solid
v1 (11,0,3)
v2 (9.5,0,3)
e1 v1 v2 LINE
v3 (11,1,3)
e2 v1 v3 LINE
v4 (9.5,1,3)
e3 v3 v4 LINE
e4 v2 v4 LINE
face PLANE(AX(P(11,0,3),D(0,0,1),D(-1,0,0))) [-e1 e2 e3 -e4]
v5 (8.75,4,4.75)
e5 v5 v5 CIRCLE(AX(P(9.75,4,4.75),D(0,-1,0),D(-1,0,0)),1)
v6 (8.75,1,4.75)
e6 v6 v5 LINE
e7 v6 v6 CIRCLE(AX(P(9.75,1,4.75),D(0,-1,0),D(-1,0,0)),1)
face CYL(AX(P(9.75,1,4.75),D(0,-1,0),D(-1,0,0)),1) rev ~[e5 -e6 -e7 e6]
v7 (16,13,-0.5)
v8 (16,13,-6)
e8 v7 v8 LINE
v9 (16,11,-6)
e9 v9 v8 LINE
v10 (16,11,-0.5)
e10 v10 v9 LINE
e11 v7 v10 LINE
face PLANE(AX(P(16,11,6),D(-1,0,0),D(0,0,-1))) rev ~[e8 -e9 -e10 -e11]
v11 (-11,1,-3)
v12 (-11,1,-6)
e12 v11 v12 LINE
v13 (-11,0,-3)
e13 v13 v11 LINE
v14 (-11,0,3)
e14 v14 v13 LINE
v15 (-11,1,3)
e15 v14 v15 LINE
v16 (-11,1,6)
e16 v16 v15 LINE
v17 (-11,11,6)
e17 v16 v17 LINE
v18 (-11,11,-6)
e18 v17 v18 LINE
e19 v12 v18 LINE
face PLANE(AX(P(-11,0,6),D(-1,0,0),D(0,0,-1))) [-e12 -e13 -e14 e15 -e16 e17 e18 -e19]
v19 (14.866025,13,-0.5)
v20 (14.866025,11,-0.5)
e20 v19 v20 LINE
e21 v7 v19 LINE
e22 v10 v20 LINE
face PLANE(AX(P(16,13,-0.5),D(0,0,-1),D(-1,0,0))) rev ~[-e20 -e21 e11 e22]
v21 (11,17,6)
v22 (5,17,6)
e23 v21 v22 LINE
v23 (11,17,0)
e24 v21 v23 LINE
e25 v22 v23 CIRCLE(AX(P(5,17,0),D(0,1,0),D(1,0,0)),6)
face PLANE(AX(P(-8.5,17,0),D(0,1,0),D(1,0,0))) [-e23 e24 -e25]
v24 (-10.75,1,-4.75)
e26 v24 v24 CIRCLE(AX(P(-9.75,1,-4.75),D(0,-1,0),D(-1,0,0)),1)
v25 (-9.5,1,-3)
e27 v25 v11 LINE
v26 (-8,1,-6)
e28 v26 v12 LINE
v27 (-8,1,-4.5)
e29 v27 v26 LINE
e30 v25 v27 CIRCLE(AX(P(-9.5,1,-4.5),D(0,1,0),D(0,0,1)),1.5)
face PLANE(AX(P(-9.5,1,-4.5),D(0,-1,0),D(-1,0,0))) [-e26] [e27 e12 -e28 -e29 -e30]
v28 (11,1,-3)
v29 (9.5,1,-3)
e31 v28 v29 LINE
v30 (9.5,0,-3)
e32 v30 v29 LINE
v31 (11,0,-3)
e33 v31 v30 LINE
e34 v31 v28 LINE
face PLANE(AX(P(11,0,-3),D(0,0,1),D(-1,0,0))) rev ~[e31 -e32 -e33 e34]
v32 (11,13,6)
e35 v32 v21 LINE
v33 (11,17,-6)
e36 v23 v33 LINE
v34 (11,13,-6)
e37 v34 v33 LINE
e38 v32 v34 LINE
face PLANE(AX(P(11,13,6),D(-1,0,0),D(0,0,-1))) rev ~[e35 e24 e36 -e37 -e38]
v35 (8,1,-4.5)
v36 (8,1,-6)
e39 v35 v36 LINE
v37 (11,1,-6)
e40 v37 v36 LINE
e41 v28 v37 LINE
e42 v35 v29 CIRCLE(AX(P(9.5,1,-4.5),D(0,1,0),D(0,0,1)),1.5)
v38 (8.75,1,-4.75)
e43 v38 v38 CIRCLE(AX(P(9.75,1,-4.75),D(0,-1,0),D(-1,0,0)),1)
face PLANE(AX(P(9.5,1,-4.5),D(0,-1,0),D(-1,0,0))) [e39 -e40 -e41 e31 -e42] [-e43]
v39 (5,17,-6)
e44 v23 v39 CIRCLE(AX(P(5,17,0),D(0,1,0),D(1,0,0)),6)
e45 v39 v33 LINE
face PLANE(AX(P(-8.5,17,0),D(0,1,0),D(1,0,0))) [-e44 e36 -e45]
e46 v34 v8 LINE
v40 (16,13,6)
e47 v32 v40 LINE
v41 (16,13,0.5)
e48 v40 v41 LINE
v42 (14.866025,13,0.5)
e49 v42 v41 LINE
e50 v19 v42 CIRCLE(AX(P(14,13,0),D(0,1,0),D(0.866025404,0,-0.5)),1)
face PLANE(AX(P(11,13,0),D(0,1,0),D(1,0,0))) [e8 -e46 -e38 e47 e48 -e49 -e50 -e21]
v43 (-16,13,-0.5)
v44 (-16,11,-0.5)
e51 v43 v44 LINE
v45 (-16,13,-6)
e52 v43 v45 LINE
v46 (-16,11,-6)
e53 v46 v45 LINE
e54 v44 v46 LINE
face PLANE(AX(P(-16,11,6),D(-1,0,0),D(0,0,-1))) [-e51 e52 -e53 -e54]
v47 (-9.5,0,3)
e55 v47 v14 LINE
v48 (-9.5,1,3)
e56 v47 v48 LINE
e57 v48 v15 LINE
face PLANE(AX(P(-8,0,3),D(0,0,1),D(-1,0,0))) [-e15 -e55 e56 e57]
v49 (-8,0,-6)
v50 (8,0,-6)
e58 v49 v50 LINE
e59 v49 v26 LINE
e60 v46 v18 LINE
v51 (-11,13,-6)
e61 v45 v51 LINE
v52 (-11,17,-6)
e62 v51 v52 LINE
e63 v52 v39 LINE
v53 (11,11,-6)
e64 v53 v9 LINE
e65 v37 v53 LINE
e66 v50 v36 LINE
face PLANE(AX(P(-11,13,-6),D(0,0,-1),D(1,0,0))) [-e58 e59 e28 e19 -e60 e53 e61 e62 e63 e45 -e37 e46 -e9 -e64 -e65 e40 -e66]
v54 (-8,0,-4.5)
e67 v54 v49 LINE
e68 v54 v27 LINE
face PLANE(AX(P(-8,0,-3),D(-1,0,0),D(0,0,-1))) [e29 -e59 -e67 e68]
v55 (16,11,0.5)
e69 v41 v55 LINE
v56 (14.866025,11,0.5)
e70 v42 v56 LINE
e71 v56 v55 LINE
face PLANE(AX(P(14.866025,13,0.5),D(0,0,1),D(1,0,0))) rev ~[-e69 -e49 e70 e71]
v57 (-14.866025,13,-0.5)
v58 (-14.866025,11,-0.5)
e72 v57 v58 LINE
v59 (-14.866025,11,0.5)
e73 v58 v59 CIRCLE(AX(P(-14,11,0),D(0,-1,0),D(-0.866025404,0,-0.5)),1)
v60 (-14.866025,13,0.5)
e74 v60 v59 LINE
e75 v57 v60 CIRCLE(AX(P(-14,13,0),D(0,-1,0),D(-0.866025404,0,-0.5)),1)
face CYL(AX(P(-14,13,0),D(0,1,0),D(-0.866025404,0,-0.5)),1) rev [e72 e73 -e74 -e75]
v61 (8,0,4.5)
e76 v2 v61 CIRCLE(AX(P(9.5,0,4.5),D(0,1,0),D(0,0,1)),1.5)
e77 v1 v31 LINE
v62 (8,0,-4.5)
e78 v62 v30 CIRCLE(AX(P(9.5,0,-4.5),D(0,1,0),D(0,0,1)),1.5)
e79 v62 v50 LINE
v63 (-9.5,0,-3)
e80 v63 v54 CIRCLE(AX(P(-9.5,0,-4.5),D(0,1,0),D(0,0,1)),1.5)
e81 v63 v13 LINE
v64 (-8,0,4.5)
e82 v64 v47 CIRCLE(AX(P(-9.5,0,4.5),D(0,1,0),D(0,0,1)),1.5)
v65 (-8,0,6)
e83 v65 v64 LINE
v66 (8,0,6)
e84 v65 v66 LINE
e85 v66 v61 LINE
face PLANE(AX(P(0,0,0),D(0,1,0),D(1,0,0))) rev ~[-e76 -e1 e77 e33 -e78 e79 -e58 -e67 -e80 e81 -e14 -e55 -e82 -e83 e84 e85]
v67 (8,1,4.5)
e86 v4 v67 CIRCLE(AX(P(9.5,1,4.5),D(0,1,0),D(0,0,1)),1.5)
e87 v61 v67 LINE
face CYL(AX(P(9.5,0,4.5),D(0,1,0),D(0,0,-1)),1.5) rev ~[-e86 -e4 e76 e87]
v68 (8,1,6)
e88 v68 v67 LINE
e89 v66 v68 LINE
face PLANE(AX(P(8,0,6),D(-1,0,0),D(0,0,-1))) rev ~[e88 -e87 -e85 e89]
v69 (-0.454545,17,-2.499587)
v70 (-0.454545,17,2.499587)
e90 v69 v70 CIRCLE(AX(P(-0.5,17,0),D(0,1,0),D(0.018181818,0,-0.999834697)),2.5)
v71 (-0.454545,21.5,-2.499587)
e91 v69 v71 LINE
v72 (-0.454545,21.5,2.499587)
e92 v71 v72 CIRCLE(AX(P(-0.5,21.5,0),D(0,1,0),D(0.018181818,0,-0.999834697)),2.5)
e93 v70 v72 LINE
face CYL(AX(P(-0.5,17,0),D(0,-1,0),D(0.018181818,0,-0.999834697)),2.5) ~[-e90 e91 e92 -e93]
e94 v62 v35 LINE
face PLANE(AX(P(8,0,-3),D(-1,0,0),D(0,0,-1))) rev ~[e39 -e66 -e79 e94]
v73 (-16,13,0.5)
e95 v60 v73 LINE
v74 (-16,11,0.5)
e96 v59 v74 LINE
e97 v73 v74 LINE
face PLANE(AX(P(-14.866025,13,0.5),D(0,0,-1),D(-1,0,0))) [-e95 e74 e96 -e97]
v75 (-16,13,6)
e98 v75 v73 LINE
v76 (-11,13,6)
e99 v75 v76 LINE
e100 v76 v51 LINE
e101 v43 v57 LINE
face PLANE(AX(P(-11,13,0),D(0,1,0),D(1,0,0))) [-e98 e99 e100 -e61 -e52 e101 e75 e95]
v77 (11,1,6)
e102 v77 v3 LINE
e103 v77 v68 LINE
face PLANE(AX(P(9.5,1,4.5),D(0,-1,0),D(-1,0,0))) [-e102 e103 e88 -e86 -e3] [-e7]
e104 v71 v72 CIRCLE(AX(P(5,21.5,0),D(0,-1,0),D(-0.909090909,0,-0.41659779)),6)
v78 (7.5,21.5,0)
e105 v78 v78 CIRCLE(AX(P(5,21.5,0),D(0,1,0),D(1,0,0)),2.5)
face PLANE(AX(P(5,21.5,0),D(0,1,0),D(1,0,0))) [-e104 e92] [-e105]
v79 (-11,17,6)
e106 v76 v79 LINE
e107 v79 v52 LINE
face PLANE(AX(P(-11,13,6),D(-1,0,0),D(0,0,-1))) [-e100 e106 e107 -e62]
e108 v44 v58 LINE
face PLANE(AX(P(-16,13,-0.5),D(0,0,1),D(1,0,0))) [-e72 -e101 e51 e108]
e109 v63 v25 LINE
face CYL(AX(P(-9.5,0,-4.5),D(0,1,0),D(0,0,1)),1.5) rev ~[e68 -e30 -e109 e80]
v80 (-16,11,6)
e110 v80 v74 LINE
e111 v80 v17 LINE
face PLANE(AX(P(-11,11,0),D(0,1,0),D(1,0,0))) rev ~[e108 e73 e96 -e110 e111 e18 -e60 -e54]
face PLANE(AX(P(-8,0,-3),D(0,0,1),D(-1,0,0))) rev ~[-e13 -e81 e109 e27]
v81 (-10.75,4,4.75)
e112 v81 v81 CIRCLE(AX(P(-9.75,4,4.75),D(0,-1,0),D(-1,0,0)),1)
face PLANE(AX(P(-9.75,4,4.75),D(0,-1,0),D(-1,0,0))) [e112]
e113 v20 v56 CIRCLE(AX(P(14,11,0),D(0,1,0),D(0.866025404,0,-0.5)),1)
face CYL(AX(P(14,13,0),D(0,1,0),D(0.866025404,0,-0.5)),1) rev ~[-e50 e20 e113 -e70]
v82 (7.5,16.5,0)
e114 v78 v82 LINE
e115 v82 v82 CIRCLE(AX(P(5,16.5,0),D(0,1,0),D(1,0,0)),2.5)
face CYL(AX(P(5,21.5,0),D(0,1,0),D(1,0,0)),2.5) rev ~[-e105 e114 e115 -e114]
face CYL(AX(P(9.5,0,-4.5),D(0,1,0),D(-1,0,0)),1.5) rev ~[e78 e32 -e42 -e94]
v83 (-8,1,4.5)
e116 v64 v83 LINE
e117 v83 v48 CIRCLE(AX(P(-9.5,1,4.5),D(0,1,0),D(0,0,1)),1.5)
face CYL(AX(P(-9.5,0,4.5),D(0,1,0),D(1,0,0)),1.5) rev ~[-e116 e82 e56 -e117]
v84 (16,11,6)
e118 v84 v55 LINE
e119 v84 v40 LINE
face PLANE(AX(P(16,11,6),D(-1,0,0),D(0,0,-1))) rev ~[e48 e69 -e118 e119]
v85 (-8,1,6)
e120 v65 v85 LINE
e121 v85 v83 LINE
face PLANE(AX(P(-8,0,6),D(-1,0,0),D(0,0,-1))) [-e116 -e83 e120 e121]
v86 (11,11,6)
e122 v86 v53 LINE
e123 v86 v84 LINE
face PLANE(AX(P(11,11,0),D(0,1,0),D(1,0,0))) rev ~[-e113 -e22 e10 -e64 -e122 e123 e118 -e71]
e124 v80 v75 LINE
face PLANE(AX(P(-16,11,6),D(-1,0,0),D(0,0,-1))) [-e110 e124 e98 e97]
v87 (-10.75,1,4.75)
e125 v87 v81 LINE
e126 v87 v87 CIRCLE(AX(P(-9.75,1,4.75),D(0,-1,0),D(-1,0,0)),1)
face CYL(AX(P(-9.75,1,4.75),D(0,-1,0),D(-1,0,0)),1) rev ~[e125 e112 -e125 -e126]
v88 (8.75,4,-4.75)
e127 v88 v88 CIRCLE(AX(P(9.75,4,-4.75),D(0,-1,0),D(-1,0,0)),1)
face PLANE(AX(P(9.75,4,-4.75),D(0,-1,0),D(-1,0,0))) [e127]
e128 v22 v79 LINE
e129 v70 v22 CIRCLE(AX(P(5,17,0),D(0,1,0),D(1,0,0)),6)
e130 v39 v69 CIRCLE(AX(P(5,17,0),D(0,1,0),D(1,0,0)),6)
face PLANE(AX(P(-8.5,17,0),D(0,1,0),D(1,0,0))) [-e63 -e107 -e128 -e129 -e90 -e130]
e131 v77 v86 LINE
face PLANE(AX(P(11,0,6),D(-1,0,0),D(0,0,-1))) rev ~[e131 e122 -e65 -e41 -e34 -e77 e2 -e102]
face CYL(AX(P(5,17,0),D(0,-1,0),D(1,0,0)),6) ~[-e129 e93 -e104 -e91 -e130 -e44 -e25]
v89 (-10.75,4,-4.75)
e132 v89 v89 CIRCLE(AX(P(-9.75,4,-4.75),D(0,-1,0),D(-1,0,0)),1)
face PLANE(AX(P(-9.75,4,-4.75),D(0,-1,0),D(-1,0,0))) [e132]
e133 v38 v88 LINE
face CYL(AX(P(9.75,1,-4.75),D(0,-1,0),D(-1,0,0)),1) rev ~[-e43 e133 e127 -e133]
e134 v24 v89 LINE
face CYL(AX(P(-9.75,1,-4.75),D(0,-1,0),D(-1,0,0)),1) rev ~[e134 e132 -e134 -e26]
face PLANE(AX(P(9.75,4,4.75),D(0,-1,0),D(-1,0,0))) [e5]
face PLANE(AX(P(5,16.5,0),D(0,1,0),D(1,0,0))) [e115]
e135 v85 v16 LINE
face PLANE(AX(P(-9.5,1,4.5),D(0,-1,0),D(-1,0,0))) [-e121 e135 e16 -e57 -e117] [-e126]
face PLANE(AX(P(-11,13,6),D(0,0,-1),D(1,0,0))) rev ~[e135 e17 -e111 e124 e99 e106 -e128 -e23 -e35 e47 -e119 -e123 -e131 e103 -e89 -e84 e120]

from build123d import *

# Parameters (mm, degrees)
CROQUIS1_W              = 22
CROQUIS1_H              = 12
SALIENTE_EXTRUIR1_DEPTH = 11
CROQUIS3_W              = 10
CROQUIS3_H              = 12
SALIENTE_EXTRUIR2_DEPTH = 2
CROQUIS4_W              = 12
CROQUIS4_H              = 12
SALIENTE_EXTRUIR3_DEPTH = 6
CORTAR_EXTRUIR1_DEPTH   = 2
CROQUIS6_W              = 5
CROQUIS6_H              = 12
SALIENTE_EXTRUIR4_DEPTH = 4
CORTAR_EXTRUIR2_DEPTH   = 4
CROQUIS8_R              = 6
SALIENTE_EXTRUIR5_DEPTH = 4.5
SALIENTE_EXTRUIR6_DEPTH = 4.5
CROQUIS10_W             = 3
CROQUIS10_H             = 3
CORTAR_EXTRUIR3_DEPTH   = 1
REDONDEO1_R             = 1.5
CROQUIS11_W             = 3
CROQUIS11_H             = 3
CORTAR_EXTRUIR4_DEPTH   = 1
REDONDEO3_R             = 1.5
CROQUIS12_R             = 1
CORTAR_EXTRUIR5_DEPTH   = 3
CROQUIS13_R             = 2.5
CORTAR_EXTRUIR6_DEPTH   = 5


with BuildPart() as part:
    # Croquis1 → Saliente-Extruir1 (new body)
    with BuildSketch(Plane(origin=(0, 0, 0), x_dir=(1, 0, 0), z_dir=(0, 1, 0))):
        Rectangle(CROQUIS1_W, CROQUIS1_H)
    extrude(amount=SALIENTE_EXTRUIR1_DEPTH)

    # Croquis3 → Saliente-Extruir2 (add)
    with BuildSketch(Plane(origin=(0, 11, 0), x_dir=(1, 0, 0), z_dir=(0, 1, 0))):
        with Locations((-11, 0)):
            Rectangle(CROQUIS3_W, CROQUIS3_H)
        with Locations((11, 0)):
            Rectangle(CROQUIS3_W, CROQUIS3_H)
    extrude(amount=SALIENTE_EXTRUIR2_DEPTH)

    # Croquis4 → Saliente-Extruir3 (add)
    with BuildSketch(Plane(origin=(0, 11, 0), x_dir=(1, 0, 0), z_dir=(0, 1, 0))):
        Rectangle(CROQUIS4_W, CROQUIS4_H)
    extrude(amount=SALIENTE_EXTRUIR3_DEPTH)

    # Croquis5 → Cortar-Extruir1 (cut)
    with BuildSketch(Plane(origin=(0, 13, 0), x_dir=(1, 0, 0), z_dir=(0, 1, 0))):
        with BuildLine():
            Line((-16, 0), (-16, 0.5))
            Line((-16, 0.5), (-15, 0.5))
            Line((-15, 0.5), (-14.866025404, 0.5))
            ThreePointArc((-14.866025404, 0.5), (-13, 0), (-14.866025404, -0.5))
            Line((-14.866025404, -0.5), (-15, -0.5))
            Line((-15, -0.5), (-15.911665796, -0.5))
            Line((-15.911665796, -0.5), (-16, -0.5))
            Line((-16, -0.5), (-16, 0))
        make_face()
    extrude(amount=-CORTAR_EXTRUIR1_DEPTH, mode=Mode.SUBTRACT)

    # Croquis6 → Saliente-Extruir4 (add)
    with BuildSketch(Plane(origin=(0, 13, 0), x_dir=(1, 0, 0), z_dir=(0, 1, 0))):
        with Locations((-8.5, 0)):
            Rectangle(CROQUIS6_W, CROQUIS6_H)
        with Locations((8.5, 0)):
            Rectangle(CROQUIS6_W, CROQUIS6_H)
    extrude(amount=SALIENTE_EXTRUIR4_DEPTH)

    # Croquis7 → Cortar-Extruir2 (cut)
    with BuildSketch(Plane(origin=(0, 13, 0), x_dir=(1, 0, 0), z_dir=(0, 1, 0))):
        with BuildLine():
            Line((16, 0), (16, 0.5))
            Line((16, 0.5), (14.906951689, 0.5))
            Line((14.906951689, 0.5), (14.866025404, 0.5))
            ThreePointArc((14.866025404, 0.5), (13, 0), (14.866025404, -0.5))
            Line((14.866025404, -0.5), (15, -0.5))
            Line((15, -0.5), (16, -0.5))
            Line((16, -0.5), (16, 0))
        make_face()
    extrude(amount=-CORTAR_EXTRUIR2_DEPTH, mode=Mode.SUBTRACT)

    # Croquis8 → Saliente-Extruir5 (add)
    with BuildSketch(Plane(origin=(0, 17, 0), x_dir=(1, 0, 0), z_dir=(0, 1, 0))):
        with Locations((5, 0)):
            Circle(CROQUIS8_R)
    extrude(amount=SALIENTE_EXTRUIR5_DEPTH)

    # Croquis9 → Saliente-Extruir6 (add)
    with BuildSketch(Plane(origin=(0, 17, 0), x_dir=(1, 0, 0), z_dir=(0, 1, 0))):
        with BuildLine():
            ThreePointArc((-0.454545455, -2.499586743), (-1, 0), (-0.454545455, 2.499586743))
            ThreePointArc((-0.454545455, 2.499586743), (-3, 0), (-0.454545455, -2.499586743))
        make_face()
    extrude(amount=SALIENTE_EXTRUIR6_DEPTH)

    # Croquis10 → Cortar-Extruir3 (cut)
    with BuildSketch(Plane(origin=(0, 0, 0), x_dir=(-1, 0, 0), z_dir=(0, -1, 0))):
        with Locations((9.5, -4.5)):
            Rectangle(CROQUIS10_W, CROQUIS10_H)
    extrude(amount=-CORTAR_EXTRUIR3_DEPTH, mode=Mode.SUBTRACT)

    # Redondeo1
    redondeo1_edges = [part.edges().sort_by_distance(p)[0] for p in [
        (-8, 0.5, 3),
    ]]
    fillet(redondeo1_edges, radius=REDONDEO1_R)

    # Croquis11 → Cortar-Extruir4 (cut)
    with BuildSketch(Plane(origin=(0, 0, 0), x_dir=(-1, 0, 0), z_dir=(0, -1, 0))):
        with Locations((9.5, 4.5)):
            Rectangle(CROQUIS11_W, CROQUIS11_H)
        with Locations((-9.5, -4.5)):
            Rectangle(CROQUIS11_W, CROQUIS11_H)
        with Locations((-9.5, 4.5)):
            Rectangle(CROQUIS11_W, CROQUIS11_H)
    extrude(amount=-CORTAR_EXTRUIR4_DEPTH, mode=Mode.SUBTRACT)

    # Redondeo3
    redondeo3_edges = [part.edges().sort_by_distance(p)[0] for p in [
        (-8, 0.5, -3),
        (8, 0.5, 3),
        (8, 0.5, -3),
    ]]
    fillet(redondeo3_edges, radius=REDONDEO3_R)

    # Croquis12 → Cortar-Extruir5 (cut)
    with BuildSketch(Plane(origin=(0, 1, 0), x_dir=(-1, 0, 0), z_dir=(0, -1, 0))):
        with Locations((9.75, -4.75)):
            Circle(CROQUIS12_R)
        with Locations((9.75, 4.75)):
            Circle(CROQUIS12_R)
        with Locations((-9.75, -4.75)):
            Circle(CROQUIS12_R)
        with Locations((-9.75, 4.75)):
            Circle(CROQUIS12_R)
    extrude(amount=-CORTAR_EXTRUIR5_DEPTH, mode=Mode.SUBTRACT)

    # Croquis13 → Cortar-Extruir6 (cut)
    with BuildSketch(Plane(origin=(0, 21.5, 0), x_dir=(1, 0, 0), z_dir=(0, 1, 0))):
        with Locations((5, 0)):
            Circle(CROQUIS13_R)
    extrude(amount=-CORTAR_EXTRUIR6_DEPTH, mode=Mode.SUBTRACT)


solid = part.part
